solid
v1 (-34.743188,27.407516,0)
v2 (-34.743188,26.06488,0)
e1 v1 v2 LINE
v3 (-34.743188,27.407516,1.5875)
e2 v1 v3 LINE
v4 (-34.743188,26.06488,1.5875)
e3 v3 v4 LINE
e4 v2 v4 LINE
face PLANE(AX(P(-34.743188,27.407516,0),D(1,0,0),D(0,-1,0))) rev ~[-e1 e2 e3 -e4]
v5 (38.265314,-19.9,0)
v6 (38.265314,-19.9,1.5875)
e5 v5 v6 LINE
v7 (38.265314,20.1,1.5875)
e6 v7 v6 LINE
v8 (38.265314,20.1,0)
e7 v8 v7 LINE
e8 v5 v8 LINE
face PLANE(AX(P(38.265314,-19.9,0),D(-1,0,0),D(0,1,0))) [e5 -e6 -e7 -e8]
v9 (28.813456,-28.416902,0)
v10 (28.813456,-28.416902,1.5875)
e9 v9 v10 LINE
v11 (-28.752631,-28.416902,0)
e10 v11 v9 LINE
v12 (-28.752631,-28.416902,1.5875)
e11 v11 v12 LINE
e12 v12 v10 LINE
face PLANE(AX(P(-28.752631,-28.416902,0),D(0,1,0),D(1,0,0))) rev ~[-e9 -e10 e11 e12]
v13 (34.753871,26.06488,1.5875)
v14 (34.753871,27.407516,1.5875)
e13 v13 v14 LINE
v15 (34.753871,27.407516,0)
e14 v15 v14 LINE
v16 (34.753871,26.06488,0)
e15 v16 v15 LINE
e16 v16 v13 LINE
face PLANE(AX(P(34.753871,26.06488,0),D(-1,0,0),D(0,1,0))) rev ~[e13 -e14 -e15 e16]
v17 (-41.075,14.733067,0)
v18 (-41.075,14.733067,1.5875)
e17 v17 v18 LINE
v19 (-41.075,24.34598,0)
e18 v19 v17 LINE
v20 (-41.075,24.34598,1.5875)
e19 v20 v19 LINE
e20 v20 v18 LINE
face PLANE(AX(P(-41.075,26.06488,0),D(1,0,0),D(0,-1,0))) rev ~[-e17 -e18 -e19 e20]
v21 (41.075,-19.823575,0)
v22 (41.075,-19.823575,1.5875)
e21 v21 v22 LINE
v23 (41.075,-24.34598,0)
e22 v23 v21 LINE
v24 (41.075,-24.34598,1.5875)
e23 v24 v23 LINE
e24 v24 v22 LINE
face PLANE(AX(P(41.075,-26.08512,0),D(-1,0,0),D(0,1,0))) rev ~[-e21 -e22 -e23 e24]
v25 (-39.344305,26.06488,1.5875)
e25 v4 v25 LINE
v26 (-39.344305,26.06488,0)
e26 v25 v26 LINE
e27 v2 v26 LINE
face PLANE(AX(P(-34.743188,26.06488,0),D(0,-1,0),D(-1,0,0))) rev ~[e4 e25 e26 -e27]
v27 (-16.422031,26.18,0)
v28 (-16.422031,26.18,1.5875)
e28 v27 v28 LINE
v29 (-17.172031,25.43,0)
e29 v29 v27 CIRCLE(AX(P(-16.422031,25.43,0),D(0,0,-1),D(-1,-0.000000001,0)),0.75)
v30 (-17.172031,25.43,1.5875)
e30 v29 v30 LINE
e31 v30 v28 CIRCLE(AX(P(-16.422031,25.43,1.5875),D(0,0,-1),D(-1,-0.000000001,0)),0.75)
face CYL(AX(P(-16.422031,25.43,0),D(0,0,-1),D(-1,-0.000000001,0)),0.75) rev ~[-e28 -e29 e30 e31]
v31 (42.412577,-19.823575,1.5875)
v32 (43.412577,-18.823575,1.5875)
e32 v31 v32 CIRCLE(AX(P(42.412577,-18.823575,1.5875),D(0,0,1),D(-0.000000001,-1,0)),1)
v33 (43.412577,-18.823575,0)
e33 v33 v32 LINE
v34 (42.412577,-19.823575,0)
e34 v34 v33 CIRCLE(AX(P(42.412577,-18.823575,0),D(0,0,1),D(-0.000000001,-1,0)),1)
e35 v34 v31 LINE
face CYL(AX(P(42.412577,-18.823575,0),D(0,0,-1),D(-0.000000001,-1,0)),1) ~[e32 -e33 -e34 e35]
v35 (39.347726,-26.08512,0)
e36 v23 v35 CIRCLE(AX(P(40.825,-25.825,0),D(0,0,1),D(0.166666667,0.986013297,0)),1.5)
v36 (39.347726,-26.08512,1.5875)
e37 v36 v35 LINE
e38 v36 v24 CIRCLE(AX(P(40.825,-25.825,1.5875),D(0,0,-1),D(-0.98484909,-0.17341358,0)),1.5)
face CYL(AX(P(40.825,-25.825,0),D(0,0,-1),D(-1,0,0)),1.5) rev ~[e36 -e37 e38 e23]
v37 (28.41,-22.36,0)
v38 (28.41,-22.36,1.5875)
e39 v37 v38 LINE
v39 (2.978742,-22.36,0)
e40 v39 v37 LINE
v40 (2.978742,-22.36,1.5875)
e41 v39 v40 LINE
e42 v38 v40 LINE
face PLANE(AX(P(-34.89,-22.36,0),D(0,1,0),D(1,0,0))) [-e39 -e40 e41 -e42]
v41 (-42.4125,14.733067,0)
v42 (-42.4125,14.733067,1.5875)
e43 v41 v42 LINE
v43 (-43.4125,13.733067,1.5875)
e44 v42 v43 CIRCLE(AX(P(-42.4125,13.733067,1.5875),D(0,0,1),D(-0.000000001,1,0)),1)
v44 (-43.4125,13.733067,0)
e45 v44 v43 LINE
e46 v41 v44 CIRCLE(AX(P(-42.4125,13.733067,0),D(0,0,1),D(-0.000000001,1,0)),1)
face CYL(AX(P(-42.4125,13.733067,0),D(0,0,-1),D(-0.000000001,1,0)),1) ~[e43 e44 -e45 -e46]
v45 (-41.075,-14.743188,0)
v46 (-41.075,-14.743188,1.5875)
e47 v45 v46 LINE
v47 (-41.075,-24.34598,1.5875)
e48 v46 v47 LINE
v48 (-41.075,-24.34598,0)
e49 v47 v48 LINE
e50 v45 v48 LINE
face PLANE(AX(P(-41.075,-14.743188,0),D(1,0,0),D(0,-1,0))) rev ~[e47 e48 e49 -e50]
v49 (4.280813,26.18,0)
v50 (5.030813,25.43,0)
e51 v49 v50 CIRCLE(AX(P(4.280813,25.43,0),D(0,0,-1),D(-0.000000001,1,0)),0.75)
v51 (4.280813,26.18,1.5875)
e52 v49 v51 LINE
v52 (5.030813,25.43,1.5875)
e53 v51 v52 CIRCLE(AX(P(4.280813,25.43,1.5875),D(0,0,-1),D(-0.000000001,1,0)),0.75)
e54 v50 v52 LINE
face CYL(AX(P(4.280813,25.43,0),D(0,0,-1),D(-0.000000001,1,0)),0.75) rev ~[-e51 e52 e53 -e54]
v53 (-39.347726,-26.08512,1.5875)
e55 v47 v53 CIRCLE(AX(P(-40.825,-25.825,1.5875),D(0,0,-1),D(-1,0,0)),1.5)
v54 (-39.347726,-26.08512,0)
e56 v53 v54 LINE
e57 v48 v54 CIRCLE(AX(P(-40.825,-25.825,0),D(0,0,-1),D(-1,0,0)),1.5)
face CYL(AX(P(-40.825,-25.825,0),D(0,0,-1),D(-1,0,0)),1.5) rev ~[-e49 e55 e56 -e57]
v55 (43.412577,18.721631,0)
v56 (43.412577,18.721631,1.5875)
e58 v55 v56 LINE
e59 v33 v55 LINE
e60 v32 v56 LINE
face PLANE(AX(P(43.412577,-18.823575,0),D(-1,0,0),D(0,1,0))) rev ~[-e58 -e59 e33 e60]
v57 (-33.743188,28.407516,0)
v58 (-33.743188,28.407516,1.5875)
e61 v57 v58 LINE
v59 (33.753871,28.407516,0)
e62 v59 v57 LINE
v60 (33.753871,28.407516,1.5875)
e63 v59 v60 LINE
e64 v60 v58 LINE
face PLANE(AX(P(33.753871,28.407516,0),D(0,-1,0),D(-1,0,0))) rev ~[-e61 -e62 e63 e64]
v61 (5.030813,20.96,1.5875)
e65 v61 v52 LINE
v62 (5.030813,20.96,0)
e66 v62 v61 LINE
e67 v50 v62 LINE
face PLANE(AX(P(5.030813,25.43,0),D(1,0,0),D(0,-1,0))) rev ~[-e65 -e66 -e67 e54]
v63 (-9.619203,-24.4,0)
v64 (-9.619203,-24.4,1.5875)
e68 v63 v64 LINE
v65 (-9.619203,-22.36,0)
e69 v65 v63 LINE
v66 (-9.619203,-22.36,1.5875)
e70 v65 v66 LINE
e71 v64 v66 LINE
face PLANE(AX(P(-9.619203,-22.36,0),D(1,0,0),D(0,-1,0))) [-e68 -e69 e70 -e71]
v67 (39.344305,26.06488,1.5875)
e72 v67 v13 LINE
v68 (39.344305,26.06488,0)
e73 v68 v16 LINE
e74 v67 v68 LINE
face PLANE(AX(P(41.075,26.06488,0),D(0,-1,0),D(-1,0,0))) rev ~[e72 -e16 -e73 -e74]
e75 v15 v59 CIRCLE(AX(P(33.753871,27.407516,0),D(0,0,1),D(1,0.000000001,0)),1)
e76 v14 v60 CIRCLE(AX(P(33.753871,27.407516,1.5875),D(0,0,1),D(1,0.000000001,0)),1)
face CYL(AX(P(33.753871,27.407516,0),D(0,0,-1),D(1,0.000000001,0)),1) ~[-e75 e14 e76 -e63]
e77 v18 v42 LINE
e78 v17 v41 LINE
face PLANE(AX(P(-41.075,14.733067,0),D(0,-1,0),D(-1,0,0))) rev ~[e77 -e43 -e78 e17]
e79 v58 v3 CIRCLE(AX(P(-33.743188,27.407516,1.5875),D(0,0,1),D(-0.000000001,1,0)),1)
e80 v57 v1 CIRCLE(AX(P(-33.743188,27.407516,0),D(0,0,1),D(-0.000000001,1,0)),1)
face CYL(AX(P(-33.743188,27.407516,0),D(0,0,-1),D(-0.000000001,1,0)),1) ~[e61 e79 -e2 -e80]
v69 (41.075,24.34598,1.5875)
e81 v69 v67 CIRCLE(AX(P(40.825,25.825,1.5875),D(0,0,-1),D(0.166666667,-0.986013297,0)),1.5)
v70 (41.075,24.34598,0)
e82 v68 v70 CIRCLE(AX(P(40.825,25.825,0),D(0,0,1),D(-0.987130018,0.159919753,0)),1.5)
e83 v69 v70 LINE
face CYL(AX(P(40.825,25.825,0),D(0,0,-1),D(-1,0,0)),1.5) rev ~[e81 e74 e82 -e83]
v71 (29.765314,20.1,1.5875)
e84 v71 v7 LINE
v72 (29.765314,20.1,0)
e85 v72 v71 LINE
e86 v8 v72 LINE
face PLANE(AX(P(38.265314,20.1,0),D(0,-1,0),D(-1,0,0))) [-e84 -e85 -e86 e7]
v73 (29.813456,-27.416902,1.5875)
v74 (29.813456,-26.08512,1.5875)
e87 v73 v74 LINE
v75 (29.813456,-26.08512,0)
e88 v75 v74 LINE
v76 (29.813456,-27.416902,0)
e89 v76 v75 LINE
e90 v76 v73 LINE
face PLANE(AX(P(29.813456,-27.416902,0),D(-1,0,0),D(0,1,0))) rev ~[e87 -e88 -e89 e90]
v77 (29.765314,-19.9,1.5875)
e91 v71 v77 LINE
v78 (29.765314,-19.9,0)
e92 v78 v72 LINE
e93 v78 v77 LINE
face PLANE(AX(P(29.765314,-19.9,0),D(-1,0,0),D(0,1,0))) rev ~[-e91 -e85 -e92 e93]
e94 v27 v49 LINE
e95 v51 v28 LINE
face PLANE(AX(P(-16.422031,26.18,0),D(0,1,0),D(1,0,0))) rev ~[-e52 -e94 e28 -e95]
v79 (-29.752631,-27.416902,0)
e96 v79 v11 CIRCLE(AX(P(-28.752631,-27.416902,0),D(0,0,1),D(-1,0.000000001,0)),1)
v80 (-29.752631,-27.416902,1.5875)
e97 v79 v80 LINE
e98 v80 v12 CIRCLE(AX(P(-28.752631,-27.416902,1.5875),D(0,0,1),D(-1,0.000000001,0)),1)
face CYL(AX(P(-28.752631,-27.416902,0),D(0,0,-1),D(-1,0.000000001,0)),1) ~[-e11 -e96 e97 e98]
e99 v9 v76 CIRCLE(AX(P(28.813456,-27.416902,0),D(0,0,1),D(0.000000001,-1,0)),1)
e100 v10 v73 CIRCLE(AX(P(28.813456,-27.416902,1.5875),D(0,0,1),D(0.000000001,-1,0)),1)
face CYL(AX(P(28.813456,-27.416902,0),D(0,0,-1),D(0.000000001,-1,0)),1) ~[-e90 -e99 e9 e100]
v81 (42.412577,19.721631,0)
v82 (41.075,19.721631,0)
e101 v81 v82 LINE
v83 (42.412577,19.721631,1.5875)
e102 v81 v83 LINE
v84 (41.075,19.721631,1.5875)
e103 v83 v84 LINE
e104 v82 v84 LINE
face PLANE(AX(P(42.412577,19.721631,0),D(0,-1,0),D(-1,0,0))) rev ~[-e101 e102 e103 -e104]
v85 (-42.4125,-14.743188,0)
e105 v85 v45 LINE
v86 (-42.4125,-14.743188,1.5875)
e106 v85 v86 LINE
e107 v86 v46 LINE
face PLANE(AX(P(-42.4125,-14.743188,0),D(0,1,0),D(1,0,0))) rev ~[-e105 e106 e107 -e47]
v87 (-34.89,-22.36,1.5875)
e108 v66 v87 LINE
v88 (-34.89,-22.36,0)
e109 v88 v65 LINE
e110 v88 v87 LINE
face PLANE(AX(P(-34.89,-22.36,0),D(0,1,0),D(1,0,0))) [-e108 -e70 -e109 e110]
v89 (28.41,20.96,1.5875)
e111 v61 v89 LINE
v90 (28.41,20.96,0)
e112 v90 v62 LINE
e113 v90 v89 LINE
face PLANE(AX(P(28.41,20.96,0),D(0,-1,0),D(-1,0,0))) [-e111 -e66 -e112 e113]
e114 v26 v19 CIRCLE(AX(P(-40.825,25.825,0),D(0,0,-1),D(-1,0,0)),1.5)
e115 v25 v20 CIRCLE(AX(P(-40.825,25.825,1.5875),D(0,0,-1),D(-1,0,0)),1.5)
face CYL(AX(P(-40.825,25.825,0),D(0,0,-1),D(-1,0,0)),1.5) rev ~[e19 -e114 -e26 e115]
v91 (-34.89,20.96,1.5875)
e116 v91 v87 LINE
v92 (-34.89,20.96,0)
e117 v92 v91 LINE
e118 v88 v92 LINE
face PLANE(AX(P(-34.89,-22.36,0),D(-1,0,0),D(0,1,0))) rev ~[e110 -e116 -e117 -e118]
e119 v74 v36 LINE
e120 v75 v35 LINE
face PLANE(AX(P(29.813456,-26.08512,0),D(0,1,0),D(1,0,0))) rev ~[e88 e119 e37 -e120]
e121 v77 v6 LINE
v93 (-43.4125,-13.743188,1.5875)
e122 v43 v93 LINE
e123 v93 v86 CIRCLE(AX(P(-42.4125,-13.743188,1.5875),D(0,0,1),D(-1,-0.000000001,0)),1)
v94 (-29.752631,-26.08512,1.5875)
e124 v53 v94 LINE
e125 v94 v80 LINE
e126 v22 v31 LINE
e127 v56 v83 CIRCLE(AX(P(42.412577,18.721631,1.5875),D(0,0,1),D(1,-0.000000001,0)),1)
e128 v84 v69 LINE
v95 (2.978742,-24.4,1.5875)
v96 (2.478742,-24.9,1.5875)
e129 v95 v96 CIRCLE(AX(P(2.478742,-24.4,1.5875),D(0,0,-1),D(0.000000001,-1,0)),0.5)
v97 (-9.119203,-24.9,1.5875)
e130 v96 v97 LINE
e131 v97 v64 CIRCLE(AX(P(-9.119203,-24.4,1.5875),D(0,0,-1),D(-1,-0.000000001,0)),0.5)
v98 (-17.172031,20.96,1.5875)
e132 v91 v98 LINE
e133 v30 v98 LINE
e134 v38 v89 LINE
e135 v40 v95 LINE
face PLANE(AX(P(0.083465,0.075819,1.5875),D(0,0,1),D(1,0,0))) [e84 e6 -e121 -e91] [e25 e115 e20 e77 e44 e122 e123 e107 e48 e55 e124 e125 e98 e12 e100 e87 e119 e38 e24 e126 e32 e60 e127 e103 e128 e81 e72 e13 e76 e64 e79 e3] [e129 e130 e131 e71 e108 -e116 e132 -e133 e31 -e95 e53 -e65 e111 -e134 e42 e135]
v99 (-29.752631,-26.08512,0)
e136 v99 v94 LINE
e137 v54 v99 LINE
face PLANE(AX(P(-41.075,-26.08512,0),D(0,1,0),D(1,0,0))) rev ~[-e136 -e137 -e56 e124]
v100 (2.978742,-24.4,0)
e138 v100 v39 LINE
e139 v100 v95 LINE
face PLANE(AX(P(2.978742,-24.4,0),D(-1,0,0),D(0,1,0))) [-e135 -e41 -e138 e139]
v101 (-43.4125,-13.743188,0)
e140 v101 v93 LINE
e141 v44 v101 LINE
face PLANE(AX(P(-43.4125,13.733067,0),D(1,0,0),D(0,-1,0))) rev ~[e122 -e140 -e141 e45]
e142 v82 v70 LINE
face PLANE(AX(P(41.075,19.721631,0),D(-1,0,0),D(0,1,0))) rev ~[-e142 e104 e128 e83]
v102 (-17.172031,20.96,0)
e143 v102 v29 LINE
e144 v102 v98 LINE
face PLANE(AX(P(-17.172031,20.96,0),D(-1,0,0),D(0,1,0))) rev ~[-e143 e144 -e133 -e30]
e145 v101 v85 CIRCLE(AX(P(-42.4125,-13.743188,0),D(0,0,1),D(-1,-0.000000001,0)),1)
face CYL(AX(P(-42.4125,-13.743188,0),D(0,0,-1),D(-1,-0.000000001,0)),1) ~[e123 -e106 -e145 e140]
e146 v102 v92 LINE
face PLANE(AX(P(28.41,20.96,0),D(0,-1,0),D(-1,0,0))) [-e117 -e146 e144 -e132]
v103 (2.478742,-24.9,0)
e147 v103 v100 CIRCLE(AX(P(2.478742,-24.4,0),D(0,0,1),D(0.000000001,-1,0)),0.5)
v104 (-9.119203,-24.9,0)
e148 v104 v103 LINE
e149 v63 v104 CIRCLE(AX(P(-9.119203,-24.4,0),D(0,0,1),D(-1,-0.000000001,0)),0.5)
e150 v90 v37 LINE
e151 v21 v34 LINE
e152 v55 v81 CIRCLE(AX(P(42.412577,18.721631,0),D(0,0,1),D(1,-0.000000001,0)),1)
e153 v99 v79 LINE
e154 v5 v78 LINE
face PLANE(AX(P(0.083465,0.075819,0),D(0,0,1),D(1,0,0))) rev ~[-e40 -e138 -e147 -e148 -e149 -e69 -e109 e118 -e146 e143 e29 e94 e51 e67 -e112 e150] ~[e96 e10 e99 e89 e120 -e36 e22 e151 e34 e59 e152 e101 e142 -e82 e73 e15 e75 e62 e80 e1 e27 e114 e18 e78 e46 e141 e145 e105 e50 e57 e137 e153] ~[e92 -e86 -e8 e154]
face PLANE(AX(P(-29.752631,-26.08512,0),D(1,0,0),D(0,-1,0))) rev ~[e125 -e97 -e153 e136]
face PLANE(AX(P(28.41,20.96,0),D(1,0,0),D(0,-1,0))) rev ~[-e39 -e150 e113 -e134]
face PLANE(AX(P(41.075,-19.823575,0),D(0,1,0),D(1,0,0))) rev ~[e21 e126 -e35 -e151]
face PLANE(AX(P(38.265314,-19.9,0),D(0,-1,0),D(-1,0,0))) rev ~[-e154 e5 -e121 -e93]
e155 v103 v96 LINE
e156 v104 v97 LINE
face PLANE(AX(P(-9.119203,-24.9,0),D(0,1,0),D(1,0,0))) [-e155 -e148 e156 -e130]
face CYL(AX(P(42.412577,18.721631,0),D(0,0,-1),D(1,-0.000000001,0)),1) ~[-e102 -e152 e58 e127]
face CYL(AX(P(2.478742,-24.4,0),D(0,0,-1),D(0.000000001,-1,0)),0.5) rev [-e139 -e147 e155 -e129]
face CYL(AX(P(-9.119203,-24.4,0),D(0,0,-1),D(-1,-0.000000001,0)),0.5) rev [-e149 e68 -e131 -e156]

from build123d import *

# Parameters (mm, degrees)
BOSS_EXTRUDE1_DEPTH = 1.5875
SKETCH3_R           = 1.5
CUT_EXTRUDE1_DEPTH  = 1.5875
SKETCH4_W           = 8.5
SKETCH4_H           = 40
CUT_EXTRUDE2_DEPTH  = 52.910426175
CUT_EXTRUDE3_DEPTH  = 52.910426175


with BuildPart() as part:
    # Sketch2 → Boss-Extrude1 (new body)
    with BuildSketch(Plane.XY):
        with BuildLine():
            Line((41.075, 26.06487963), (34.753871084, 26.06487963))
            Line((34.753871084, 26.06487963), (34.753871084, 27.4075156))
            ThreePointArc((34.753871084, 27.4075156), (34.460977865, 28.114622381), (33.753871084, 28.4075156))
            Line((33.753871084, 28.4075156), (-33.743187521, 28.4075156))
            ThreePointArc((-33.743187521, 28.4075156), (-34.450294302, 28.114622381), (-34.743187521, 27.4075156))
            Line((-34.743187521, 27.4075156), (-34.743187521, 26.06487963))
            Line((-34.743187521, 26.06487963), (-41.075, 26.06487963))
            Line((-41.075, 26.06487963), (-41.075, 14.733067151))
            Line((-41.075, 14.733067151), (-42.4124996, 14.733067151))
            ThreePointArc((-42.4124996, 14.733067151), (-43.119606381, 14.440173932), (-43.4124996, 13.733067151))
            Line((-43.4124996, 13.733067151), (-43.4124996, -13.743187521))
            ThreePointArc((-43.4124996, -13.743187521), (-43.119606381, -14.450294302), (-42.4124996, -14.743187521))
            Line((-42.4124996, -14.743187521), (-41.075, -14.743187521))
            Line((-41.075, -14.743187521), (-41.075, -26.08512037))
            Line((-41.075, -26.08512037), (-29.75263109, -26.08512037))
            Line((-29.75263109, -26.08512037), (-29.75263109, -27.41690205))
            ThreePointArc((-29.75263109, -27.41690205), (-29.459737872, -28.124008831), (-28.75263109, -28.41690205))
            Line((-28.75263109, -28.41690205), (28.813455755, -28.41690205))
            ThreePointArc((28.813455755, -28.41690205), (29.520562536, -28.124008831), (29.813455755, -27.41690205))
            Line((29.813455755, -27.41690205), (29.813455755, -26.08512037))
            Line((29.813455755, -26.08512037), (41.075, -26.08512037))
            Line((41.075, -26.08512037), (41.075, -19.823575131))
            Line((41.075, -19.823575131), (42.412577294, -19.823575131))
            ThreePointArc((42.412577294, -19.823575131), (43.119684076, -19.530681912), (43.412577294, -18.823575131))
            Line((43.412577294, -18.823575131), (43.412577294, 18.721630511))
            ThreePointArc((43.412577294, 18.721630511), (43.119684076, 19.428737292), (42.412577294, 19.721630511))
            Line((42.412577294, 19.721630511), (41.075, 19.721630511))
            Line((41.075, 19.721630511), (41.075, 26.06487963))
        make_face()
    extrude(amount=BOSS_EXTRUDE1_DEPTH)

    # Sketch3 → Cut-Extrude1 (cut)
    with BuildSketch(Plane(origin=(0, 0, 0), x_dir=(-1, 0, 0), z_dir=(0, 0, -1))):
        with Locations((40.825, 25.825)):
            Circle(SKETCH3_R)
        with Locations((-40.825, 25.825)):
            Circle(SKETCH3_R)
        with Locations((-40.825, -25.825)):
            Circle(SKETCH3_R)
        with Locations((40.825, -25.825)):
            Circle(SKETCH3_R)
    extrude(amount=-CUT_EXTRUDE1_DEPTH, mode=Mode.SUBTRACT)

    # Sketch4 → Cut-Extrude2 (cut, through all)
    with BuildSketch(Plane(origin=(0, 0, 0), x_dir=(-1, 0, 0), z_dir=(0, 0, -1))):
        Polygon((-28.41, -20.51), (-28.41, 20.96), (34.89, 20.96), (34.89, -20.51), (34.89, -22.36), (-28.41, -22.36), align=None)
        with Locations((-34.015313808, 0.1)):
            Rectangle(SKETCH4_W, SKETCH4_H)
    extrude(amount=-CUT_EXTRUDE2_DEPTH, mode=Mode.SUBTRACT)

    # Sketch6 → Cut-Extrude3 (cut, through all)
    with BuildSketch(Plane(origin=(0, 0, 0), x_dir=(-1, 0, 0), z_dir=(0, 0, -1))):
        with BuildLine():
            Line((16.422031316, 26.18), (-4.280813202, 26.18))
            ThreePointArc((-4.280813202, 26.18), (-4.811143288, 25.960330086), (-5.030813202, 25.43))
            Line((-5.030813202, 25.43), (-5.030813202, 20.96))
            Line((-5.030813202, 20.96), (17.172031316, 20.96))
            Line((17.172031316, 20.96), (17.172031316, 25.43))
            ThreePointArc((17.172031316, 25.43), (16.952361402, 25.960330086), (16.422031316, 26.18))
        make_face()
        with BuildLine():
            Line((-2.978741709, -22.36), (9.619202587, -22.36))
            Line((9.619202587, -22.36), (9.619202587, -24.4))
            ThreePointArc((9.619202587, -24.4), (9.472755977, -24.753553391), (9.119202587, -24.9))
            Line((9.119202587, -24.9), (-2.478741709, -24.9))
            ThreePointArc((-2.478741709, -24.9), (-2.832295099, -24.753553391), (-2.978741709, -24.4))
            Line((-2.978741709, -24.4), (-2.978741709, -22.36))
        make_face()
    extrude(amount=-CUT_EXTRUDE3_DEPTH, mode=Mode.SUBTRACT)


solid = part.part
